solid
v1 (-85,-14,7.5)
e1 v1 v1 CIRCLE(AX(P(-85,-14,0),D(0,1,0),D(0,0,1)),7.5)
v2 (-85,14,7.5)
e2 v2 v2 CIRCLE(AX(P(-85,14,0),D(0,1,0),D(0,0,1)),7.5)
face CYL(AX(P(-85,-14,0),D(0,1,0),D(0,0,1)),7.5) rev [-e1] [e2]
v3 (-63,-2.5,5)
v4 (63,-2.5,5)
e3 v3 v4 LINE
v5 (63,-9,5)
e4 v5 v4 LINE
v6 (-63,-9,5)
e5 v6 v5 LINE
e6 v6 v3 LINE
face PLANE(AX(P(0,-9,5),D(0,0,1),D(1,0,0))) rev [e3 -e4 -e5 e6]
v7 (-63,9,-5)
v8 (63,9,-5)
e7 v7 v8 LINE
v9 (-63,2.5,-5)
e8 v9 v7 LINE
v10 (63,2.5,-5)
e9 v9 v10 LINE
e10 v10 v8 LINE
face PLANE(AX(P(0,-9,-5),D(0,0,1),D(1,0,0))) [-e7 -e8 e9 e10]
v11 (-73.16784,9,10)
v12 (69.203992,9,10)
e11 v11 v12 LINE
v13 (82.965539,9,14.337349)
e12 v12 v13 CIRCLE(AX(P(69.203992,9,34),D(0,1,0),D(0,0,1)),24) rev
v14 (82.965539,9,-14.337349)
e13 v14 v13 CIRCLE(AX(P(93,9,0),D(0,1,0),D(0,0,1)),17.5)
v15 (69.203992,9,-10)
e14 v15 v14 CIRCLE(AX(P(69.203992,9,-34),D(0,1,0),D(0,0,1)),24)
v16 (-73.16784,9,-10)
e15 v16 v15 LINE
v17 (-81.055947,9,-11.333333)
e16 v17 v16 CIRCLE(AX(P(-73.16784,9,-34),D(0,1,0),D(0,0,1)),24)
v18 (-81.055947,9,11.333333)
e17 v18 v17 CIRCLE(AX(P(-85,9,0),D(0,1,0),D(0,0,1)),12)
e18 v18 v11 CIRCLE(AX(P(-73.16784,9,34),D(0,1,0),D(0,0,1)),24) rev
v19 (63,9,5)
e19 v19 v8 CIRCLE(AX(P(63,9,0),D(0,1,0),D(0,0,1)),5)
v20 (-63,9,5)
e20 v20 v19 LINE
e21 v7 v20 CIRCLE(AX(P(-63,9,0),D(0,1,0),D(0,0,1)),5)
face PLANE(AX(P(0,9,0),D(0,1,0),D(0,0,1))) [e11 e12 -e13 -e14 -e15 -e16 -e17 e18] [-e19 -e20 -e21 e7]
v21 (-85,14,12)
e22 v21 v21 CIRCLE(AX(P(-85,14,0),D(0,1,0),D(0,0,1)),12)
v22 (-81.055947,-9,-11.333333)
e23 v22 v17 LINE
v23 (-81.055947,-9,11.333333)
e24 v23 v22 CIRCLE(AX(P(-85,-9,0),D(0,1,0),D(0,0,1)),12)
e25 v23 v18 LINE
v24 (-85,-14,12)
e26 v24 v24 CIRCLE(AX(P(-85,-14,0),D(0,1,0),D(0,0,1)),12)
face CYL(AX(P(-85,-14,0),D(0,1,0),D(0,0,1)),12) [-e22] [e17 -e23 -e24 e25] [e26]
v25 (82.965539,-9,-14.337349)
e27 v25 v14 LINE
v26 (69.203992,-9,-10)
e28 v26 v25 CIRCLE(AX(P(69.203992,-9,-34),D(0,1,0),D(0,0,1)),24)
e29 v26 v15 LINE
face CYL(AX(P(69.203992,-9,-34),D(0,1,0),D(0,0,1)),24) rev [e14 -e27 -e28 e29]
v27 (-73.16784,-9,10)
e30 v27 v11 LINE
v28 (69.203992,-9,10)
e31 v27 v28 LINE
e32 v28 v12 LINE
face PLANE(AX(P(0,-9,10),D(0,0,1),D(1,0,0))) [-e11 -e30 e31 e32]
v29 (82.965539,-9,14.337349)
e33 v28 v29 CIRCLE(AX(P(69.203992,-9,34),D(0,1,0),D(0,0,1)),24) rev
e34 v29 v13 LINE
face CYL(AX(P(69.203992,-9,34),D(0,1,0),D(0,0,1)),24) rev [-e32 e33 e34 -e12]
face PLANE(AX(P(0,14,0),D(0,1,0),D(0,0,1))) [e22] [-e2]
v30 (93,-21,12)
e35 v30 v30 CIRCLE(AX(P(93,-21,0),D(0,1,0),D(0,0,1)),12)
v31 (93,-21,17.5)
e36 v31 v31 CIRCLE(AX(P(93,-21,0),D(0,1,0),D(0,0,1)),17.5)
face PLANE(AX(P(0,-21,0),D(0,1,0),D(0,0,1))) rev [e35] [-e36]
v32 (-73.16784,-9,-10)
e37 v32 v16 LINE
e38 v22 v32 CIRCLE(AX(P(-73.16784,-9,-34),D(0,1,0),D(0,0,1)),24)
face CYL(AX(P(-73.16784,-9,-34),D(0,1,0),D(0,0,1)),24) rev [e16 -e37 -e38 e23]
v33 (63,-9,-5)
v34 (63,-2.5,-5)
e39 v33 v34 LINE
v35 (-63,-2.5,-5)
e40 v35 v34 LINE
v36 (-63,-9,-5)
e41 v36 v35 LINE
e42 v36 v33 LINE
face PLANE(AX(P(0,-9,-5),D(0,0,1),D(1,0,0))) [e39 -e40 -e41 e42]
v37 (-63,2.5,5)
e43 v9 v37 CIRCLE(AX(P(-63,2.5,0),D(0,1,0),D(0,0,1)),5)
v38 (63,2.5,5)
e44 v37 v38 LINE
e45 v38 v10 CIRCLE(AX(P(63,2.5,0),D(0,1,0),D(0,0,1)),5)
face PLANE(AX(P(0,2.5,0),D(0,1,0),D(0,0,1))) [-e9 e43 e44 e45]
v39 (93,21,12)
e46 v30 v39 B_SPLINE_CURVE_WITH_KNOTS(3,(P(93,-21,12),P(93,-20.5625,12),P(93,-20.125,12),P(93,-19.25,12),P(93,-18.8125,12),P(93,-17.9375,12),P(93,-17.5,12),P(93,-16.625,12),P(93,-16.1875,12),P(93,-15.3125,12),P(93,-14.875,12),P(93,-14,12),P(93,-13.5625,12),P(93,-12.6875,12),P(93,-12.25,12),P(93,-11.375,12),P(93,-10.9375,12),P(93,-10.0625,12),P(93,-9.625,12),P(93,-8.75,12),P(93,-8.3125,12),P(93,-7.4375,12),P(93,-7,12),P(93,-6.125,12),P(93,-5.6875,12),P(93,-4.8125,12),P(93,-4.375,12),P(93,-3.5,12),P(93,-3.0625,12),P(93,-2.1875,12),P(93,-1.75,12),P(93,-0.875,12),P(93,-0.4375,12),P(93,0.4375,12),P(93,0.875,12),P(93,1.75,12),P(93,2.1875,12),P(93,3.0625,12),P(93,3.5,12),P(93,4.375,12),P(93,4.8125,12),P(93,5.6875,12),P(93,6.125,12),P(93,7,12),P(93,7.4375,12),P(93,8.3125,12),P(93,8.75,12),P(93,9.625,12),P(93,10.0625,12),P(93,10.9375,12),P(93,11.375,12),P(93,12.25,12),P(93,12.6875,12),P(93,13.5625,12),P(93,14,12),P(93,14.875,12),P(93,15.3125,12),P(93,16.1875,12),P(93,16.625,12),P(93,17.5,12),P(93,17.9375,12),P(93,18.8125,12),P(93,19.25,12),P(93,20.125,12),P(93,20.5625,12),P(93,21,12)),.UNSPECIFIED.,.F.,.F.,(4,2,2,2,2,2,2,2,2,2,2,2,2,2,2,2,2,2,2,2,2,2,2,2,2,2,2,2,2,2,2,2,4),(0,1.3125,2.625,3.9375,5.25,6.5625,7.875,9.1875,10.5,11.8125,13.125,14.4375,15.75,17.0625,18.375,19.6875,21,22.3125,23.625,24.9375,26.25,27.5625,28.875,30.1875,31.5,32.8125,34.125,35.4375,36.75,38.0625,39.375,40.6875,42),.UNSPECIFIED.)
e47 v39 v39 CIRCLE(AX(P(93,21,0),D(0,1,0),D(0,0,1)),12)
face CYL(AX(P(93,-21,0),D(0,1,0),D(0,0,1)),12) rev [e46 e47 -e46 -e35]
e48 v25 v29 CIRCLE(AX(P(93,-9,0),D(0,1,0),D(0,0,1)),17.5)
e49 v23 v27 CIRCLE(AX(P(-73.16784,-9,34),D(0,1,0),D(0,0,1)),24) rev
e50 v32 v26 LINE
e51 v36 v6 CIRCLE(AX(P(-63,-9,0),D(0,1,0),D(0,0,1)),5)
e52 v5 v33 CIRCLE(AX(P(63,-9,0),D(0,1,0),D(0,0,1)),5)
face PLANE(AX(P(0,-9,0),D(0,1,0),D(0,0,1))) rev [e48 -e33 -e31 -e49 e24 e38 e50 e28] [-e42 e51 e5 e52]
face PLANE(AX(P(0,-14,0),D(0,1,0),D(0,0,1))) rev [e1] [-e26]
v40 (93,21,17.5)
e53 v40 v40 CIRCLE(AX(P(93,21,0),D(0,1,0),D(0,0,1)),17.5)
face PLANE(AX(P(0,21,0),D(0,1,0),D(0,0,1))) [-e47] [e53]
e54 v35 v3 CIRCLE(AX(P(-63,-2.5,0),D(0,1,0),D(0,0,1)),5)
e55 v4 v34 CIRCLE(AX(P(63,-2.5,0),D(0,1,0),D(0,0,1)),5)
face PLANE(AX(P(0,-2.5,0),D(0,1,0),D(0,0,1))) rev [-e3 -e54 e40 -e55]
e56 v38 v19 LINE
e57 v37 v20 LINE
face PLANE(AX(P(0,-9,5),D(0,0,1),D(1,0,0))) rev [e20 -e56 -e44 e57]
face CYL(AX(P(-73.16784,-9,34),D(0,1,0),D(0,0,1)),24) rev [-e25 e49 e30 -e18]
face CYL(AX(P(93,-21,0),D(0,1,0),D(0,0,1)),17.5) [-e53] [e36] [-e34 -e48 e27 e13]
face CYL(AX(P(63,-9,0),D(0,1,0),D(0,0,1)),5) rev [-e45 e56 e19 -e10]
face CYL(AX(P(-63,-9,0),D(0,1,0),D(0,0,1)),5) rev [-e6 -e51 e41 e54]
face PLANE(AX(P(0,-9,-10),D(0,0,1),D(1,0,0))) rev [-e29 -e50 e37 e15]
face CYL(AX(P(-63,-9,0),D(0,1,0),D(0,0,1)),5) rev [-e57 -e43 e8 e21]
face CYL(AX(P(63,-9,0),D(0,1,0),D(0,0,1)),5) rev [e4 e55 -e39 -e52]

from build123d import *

# Parameters (mm, degrees)
BOSS_EXTRUDE1_DEPTH      = 21
BOSS_EXTRUDE1_DEPTH_BACK = 21
SKETCH1_R                = 12
BOSS_EXTRUDE2_DEPTH      = 9
BOSS_EXTRUDE2_DEPTH_BACK = 9
BOSS_EXTRUDE3_DEPTH      = 14
BOSS_EXTRUDE3_DEPTH_BACK = 14
SKETCH1_4_R              = 7.5
BOSS_EXTRUDE4_DEPTH      = 2.5
BOSS_EXTRUDE4_DEPTH_BACK = 2.5


with BuildPart() as part:
    # Sketch1 → Boss-Extrude1 (new, two sides: drawn at the far end of the back side and taken through both)
    with BuildSketch(Plane(origin=(0, 0, 0), x_dir=(1, 0, 0), z_dir=(0, 1, 0)).offset(-BOSS_EXTRUDE1_DEPTH_BACK)):
        with BuildLine():
            ThreePointArc((110.5, 0), (101.082293252, 15.521808393), (82.965538766, 14.337349398))
            ThreePointArc((82.965538766, 14.337349398), (75.5, 0), (82.965538766, -14.337349398))
            ThreePointArc((82.965538766, -14.337349398), (101.082293252, -15.521808393), (110.5, 0))
        make_face()
        with Locations((93, 0)):
            Circle(SKETCH1_R, mode=Mode.SUBTRACT)
    extrude(amount=BOSS_EXTRUDE1_DEPTH + BOSS_EXTRUDE1_DEPTH_BACK)

    # Sketch1<3> → Boss-Extrude2 (add, two sides: drawn at the far end of the back side and taken through both)
    with BuildSketch(Plane(origin=(0, 0, 0), x_dir=(1, 0, 0), z_dir=(0, 1, 0)).offset(-BOSS_EXTRUDE2_DEPTH_BACK)):
        with BuildLine():
            Line((69.203991931, 10), (-73.167840434, 10))
            ThreePointArc((-73.167840434, 10), (-77.167840434, 10.335680868), (-81.055946811, 11.333333333))
            ThreePointArc((-81.055946811, 11.333333333), (-75.219186172, 6.952386703), (-73, 0))
            ThreePointArc((-73, 0), (-75.219186172, -6.952386703), (-81.055946811, -11.333333333))
            ThreePointArc((-81.055946811, -11.333333333), (-77.167840434, -10.335680868), (-73.167840434, -10))
            Line((-73.167840434, -10), (69.203991931, -10))
            ThreePointArc((69.203991931, -10), (76.418435276, -11.110006395), (82.965538766, -14.337349398))
            ThreePointArc((82.965538766, -14.337349398), (75.5, 0), (82.965538766, 14.337349398))
            ThreePointArc((82.965538766, 14.337349398), (76.418435276, 11.110006395), (69.203991931, 10))
        make_face()
        with BuildLine():
            Line((63, -5), (-63, -5))
            ThreePointArc((-63, -5), (-68, 0), (-63, 5))
            Line((-63, 5), (63, 5))
            ThreePointArc((63, 5), (68, 0), (63, -5))
        make_face(mode=Mode.SUBTRACT)
    extrude(amount=BOSS_EXTRUDE2_DEPTH + BOSS_EXTRUDE2_DEPTH_BACK)

    # Sketch1<4> → Boss-Extrude3 (add, two sides: drawn at the far end of the back side and taken through both)
    with BuildSketch(Plane(origin=(0, 0, 0), x_dir=(1, 0, 0), z_dir=(0, 1, 0)).offset(-BOSS_EXTRUDE3_DEPTH_BACK)):
        with BuildLine():
            ThreePointArc((-73, 0), (-75.219186172, 6.952386703), (-81.055946811, 11.333333333))
            ThreePointArc((-81.055946811, 11.333333333), (-97, 0), (-81.055946811, -11.333333333))
            ThreePointArc((-81.055946811, -11.333333333), (-75.219186172, -6.952386703), (-73, 0))
        make_face()
        with Locations((-85, 0)):
            Circle(SKETCH1_4_R, mode=Mode.SUBTRACT)
    extrude(amount=BOSS_EXTRUDE3_DEPTH + BOSS_EXTRUDE3_DEPTH_BACK)

    # Sketch1<5> → Boss-Extrude4 (add, two sides: drawn at the far end of the back side and taken through both)
    with BuildSketch(Plane(origin=(0, 0, 0), x_dir=(1, 0, 0), z_dir=(0, 1, 0)).offset(-BOSS_EXTRUDE4_DEPTH_BACK)):
        with BuildLine():
            ThreePointArc((-63, 5), (-68, 0), (-63, -5))
            Line((-63, -5), (63, -5))
            ThreePointArc((63, -5), (68, 0), (63, 5))
            Line((63, 5), (-63, 5))
        make_face()
    extrude(amount=BOSS_EXTRUDE4_DEPTH + BOSS_EXTRUDE4_DEPTH_BACK)


solid = part.part
